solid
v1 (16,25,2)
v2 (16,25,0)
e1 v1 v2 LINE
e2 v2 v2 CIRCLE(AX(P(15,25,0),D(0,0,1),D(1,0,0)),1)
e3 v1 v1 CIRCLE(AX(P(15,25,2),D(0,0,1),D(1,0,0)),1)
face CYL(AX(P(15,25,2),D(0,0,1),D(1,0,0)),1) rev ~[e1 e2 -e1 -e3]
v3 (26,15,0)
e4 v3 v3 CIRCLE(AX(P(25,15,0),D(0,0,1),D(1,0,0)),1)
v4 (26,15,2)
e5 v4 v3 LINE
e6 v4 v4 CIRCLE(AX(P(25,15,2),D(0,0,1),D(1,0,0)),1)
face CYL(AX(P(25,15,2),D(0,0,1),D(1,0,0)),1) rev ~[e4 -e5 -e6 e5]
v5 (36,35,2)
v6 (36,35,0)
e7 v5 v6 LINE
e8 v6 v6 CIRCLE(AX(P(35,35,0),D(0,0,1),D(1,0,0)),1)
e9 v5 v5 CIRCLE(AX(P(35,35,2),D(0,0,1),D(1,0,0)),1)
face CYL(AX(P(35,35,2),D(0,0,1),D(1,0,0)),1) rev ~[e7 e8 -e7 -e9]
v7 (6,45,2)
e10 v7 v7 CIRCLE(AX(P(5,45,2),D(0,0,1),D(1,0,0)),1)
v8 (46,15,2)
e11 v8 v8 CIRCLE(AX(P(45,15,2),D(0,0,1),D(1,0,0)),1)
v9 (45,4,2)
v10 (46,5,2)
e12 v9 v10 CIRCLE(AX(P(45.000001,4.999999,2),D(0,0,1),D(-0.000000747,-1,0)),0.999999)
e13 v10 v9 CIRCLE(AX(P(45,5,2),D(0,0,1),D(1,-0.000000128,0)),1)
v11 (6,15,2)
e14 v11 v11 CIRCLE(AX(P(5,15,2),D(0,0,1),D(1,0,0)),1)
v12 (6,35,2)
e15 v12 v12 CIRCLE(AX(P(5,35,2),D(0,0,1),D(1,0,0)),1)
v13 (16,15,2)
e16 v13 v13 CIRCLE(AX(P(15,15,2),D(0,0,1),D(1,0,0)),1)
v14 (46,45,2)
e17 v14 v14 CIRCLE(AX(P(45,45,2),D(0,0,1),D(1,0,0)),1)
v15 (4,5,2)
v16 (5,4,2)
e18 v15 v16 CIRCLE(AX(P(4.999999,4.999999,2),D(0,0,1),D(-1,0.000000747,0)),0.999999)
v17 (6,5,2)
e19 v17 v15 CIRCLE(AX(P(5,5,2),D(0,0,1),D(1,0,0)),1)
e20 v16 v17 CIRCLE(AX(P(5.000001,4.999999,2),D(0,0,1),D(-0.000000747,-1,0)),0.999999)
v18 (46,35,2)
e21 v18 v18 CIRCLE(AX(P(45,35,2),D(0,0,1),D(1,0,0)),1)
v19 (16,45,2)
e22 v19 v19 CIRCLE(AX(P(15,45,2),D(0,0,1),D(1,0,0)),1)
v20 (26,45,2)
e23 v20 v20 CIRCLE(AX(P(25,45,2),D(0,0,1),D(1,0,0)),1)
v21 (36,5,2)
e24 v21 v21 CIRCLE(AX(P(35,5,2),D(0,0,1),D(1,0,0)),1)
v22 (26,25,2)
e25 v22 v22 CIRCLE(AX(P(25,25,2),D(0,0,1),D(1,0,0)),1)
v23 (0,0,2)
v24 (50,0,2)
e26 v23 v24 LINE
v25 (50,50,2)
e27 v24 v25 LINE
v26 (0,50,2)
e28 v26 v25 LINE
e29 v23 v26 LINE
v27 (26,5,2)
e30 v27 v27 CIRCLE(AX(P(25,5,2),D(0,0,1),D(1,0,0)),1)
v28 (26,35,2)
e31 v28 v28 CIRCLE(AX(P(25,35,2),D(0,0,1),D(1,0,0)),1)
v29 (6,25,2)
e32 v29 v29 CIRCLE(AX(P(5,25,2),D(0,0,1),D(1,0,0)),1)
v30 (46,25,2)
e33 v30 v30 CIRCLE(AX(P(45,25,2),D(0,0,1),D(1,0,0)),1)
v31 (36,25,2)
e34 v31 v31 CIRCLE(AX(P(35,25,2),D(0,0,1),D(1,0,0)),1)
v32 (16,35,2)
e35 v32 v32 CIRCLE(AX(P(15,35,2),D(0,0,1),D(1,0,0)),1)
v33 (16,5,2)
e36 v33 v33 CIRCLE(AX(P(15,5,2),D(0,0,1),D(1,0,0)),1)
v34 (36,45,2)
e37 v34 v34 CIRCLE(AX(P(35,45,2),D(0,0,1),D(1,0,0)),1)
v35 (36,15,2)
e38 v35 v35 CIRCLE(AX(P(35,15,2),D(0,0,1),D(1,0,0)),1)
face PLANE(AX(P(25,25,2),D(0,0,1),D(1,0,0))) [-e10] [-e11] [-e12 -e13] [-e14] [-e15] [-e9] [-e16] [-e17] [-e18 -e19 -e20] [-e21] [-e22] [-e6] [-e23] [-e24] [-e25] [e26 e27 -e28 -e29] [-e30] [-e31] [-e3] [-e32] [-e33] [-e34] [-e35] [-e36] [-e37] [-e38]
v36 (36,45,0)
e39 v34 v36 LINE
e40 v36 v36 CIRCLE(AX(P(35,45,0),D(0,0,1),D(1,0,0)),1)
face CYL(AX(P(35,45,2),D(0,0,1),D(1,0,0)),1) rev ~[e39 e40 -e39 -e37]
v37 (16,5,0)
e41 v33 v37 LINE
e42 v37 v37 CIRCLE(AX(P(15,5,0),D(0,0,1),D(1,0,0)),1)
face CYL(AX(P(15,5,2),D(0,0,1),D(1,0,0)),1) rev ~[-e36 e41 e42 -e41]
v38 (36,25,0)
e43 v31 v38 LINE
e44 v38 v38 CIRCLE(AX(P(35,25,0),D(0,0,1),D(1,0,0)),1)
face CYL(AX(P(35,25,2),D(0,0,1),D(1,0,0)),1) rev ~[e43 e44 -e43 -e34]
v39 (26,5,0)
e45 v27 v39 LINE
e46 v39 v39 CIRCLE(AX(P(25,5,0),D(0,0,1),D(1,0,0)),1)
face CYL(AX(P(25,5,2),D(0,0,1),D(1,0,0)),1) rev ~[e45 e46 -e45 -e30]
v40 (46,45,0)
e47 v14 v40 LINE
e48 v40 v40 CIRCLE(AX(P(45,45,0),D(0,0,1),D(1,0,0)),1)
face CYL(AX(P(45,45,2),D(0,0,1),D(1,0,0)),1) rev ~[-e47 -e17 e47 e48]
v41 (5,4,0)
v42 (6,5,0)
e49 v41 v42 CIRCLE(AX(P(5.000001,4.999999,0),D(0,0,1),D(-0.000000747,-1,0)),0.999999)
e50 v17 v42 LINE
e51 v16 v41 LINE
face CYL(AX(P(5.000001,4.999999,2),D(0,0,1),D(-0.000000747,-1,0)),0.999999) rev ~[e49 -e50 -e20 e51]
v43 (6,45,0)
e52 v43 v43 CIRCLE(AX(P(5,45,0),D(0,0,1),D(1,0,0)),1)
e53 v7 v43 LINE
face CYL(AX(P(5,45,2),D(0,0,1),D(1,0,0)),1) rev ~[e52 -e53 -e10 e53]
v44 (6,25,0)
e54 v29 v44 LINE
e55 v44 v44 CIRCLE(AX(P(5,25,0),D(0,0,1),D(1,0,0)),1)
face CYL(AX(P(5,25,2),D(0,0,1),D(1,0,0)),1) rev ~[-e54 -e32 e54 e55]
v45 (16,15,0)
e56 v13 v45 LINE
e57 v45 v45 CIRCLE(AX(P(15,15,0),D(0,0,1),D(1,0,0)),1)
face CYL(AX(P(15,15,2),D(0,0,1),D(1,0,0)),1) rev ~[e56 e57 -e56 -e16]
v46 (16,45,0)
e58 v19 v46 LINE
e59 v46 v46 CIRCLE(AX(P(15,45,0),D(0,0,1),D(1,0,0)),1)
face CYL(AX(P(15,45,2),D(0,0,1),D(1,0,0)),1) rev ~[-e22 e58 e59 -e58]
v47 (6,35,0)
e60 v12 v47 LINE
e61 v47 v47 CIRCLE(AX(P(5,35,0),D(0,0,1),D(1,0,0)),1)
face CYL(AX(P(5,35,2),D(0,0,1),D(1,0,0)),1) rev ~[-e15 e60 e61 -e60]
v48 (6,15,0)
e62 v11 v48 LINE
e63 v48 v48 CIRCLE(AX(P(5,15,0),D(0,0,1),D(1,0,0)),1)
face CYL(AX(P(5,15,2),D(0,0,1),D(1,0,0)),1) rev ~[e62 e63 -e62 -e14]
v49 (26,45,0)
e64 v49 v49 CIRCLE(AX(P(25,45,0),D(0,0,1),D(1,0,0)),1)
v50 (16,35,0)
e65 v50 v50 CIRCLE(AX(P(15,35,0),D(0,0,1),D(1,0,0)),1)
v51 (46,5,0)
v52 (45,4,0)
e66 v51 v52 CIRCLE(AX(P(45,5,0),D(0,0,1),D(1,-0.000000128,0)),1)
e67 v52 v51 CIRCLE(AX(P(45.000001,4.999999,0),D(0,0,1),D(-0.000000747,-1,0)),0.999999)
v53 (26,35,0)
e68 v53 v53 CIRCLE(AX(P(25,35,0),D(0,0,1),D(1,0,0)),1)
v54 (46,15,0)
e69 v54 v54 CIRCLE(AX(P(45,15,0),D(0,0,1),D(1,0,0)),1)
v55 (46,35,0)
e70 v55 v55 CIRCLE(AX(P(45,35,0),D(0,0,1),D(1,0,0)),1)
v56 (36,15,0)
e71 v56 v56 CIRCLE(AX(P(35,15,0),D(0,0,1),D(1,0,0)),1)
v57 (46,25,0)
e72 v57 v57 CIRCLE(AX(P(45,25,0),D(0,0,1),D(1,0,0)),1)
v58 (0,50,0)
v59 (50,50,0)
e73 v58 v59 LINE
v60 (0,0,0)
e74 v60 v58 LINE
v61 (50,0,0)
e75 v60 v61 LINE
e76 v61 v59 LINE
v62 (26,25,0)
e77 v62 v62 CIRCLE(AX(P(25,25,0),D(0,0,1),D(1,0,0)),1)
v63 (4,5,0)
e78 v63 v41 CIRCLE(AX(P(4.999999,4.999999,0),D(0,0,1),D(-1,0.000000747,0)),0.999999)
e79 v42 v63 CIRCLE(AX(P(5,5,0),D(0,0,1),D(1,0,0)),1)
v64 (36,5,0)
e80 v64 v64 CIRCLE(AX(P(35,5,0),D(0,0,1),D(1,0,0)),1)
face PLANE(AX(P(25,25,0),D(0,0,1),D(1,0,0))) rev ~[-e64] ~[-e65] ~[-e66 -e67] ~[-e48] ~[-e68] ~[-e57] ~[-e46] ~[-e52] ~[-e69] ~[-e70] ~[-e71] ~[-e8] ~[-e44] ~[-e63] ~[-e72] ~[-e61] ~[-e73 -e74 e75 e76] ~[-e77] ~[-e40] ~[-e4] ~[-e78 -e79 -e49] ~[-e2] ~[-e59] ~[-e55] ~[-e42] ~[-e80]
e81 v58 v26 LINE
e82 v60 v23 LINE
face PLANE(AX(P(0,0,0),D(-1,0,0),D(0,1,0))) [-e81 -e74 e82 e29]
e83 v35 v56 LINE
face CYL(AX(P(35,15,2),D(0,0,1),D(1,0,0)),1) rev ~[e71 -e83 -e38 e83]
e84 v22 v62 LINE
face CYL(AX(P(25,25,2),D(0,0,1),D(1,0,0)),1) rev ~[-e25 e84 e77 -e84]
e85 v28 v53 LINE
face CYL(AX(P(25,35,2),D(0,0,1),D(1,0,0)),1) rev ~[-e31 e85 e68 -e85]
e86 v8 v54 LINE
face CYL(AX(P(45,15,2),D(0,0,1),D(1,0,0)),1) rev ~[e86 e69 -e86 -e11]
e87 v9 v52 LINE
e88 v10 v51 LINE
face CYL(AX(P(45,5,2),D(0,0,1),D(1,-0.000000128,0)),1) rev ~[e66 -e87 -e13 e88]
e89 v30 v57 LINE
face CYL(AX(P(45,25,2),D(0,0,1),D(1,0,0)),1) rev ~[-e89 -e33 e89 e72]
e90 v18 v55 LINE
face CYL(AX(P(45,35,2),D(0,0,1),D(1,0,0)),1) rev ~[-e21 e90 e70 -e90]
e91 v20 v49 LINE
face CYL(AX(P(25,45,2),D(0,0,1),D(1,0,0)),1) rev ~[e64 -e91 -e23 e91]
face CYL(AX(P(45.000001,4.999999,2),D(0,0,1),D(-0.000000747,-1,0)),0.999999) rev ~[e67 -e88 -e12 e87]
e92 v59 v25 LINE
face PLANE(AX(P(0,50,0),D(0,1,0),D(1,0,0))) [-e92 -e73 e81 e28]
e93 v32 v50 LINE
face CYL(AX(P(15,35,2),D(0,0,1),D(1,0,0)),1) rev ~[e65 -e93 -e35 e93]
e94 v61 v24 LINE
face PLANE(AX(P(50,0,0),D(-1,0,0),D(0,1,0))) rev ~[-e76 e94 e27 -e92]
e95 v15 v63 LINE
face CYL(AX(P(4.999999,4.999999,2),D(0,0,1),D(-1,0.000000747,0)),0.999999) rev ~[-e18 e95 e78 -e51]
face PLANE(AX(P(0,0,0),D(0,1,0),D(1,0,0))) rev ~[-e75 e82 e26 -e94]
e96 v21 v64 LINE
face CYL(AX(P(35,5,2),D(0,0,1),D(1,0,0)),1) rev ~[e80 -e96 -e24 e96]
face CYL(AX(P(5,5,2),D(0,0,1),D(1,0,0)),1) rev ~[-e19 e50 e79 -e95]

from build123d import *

# Parameters (mm, degrees)
F0_W     = 50
F0_H     = 50
F1_DEPTH = 2
F2_R     = 1
F3_DEPTH = 25


with BuildPart() as f1:
    # F0 (on Top) → F1 (new body)
    with BuildSketch(Plane.XY):
        with Locations((25, 25)):
            Rectangle(F0_W, F0_H)
    extrude(amount=F1_DEPTH)

    # F2 (on face) → F3 (cut)
    with BuildSketch(Plane.XY.offset(2)):
        with BuildLine():
            ThreePointArc((5, 4), (5.707107, 4.292893), (6, 5))
            ThreePointArc((6, 5), (5, 6), (4, 5))
            Line((4, 5), (5, 5))
            Line((5, 5), (5, 4))
        make_face()
        with BuildLine():
            Line((5, 5), (4, 5))
            ThreePointArc((4, 5), (4.292893, 4.292893), (5, 4))
            Line((5, 4), (5, 5))
        make_face()
        with BuildLine():
            ThreePointArc((45, 4), (45.707107, 4.292893), (46, 5))
            Line((46, 5), (45, 5))
            Line((45, 5), (45, 4))
        make_face()
        with BuildLine():
            Line((45, 5), (46, 5))
            ThreePointArc((46, 5), (44.292893, 5.707107), (45, 4))
            Line((45, 4), (45, 5))
        make_face()
        with Locations((5, 15)):
            Circle(F2_R)
        with Locations((5, 25)):
            Circle(F2_R)
        with Locations((5, 35)):
            Circle(F2_R)
        with Locations((5, 45)):
            Circle(F2_R)
        with Locations((15, 5)):
            Circle(F2_R)
        with Locations((15, 15)):
            Circle(F2_R)
        with Locations((15, 25)):
            Circle(F2_R)
        with Locations((15, 35)):
            Circle(F2_R)
        with Locations((15, 45)):
            Circle(F2_R)
        with Locations((25, 5)):
            Circle(F2_R)
        with Locations((25, 15)):
            Circle(F2_R)
        with Locations((25, 25)):
            Circle(F2_R)
        with Locations((25, 35)):
            Circle(F2_R)
        with Locations((25, 45)):
            Circle(F2_R)
        with Locations((35, 5)):
            Circle(F2_R)
        with Locations((35, 15)):
            Circle(F2_R)
        with Locations((35, 25)):
            Circle(F2_R)
        with Locations((35, 35)):
            Circle(F2_R)
        with Locations((35, 45)):
            Circle(F2_R)
        with Locations((45, 15)):
            Circle(F2_R)
        with Locations((45, 25)):
            Circle(F2_R)
        with Locations((45, 35)):
            Circle(F2_R)
        with Locations((45, 45)):
            Circle(F2_R)
    extrude(amount=-F3_DEPTH, mode=Mode.SUBTRACT)


solid = f1.part
